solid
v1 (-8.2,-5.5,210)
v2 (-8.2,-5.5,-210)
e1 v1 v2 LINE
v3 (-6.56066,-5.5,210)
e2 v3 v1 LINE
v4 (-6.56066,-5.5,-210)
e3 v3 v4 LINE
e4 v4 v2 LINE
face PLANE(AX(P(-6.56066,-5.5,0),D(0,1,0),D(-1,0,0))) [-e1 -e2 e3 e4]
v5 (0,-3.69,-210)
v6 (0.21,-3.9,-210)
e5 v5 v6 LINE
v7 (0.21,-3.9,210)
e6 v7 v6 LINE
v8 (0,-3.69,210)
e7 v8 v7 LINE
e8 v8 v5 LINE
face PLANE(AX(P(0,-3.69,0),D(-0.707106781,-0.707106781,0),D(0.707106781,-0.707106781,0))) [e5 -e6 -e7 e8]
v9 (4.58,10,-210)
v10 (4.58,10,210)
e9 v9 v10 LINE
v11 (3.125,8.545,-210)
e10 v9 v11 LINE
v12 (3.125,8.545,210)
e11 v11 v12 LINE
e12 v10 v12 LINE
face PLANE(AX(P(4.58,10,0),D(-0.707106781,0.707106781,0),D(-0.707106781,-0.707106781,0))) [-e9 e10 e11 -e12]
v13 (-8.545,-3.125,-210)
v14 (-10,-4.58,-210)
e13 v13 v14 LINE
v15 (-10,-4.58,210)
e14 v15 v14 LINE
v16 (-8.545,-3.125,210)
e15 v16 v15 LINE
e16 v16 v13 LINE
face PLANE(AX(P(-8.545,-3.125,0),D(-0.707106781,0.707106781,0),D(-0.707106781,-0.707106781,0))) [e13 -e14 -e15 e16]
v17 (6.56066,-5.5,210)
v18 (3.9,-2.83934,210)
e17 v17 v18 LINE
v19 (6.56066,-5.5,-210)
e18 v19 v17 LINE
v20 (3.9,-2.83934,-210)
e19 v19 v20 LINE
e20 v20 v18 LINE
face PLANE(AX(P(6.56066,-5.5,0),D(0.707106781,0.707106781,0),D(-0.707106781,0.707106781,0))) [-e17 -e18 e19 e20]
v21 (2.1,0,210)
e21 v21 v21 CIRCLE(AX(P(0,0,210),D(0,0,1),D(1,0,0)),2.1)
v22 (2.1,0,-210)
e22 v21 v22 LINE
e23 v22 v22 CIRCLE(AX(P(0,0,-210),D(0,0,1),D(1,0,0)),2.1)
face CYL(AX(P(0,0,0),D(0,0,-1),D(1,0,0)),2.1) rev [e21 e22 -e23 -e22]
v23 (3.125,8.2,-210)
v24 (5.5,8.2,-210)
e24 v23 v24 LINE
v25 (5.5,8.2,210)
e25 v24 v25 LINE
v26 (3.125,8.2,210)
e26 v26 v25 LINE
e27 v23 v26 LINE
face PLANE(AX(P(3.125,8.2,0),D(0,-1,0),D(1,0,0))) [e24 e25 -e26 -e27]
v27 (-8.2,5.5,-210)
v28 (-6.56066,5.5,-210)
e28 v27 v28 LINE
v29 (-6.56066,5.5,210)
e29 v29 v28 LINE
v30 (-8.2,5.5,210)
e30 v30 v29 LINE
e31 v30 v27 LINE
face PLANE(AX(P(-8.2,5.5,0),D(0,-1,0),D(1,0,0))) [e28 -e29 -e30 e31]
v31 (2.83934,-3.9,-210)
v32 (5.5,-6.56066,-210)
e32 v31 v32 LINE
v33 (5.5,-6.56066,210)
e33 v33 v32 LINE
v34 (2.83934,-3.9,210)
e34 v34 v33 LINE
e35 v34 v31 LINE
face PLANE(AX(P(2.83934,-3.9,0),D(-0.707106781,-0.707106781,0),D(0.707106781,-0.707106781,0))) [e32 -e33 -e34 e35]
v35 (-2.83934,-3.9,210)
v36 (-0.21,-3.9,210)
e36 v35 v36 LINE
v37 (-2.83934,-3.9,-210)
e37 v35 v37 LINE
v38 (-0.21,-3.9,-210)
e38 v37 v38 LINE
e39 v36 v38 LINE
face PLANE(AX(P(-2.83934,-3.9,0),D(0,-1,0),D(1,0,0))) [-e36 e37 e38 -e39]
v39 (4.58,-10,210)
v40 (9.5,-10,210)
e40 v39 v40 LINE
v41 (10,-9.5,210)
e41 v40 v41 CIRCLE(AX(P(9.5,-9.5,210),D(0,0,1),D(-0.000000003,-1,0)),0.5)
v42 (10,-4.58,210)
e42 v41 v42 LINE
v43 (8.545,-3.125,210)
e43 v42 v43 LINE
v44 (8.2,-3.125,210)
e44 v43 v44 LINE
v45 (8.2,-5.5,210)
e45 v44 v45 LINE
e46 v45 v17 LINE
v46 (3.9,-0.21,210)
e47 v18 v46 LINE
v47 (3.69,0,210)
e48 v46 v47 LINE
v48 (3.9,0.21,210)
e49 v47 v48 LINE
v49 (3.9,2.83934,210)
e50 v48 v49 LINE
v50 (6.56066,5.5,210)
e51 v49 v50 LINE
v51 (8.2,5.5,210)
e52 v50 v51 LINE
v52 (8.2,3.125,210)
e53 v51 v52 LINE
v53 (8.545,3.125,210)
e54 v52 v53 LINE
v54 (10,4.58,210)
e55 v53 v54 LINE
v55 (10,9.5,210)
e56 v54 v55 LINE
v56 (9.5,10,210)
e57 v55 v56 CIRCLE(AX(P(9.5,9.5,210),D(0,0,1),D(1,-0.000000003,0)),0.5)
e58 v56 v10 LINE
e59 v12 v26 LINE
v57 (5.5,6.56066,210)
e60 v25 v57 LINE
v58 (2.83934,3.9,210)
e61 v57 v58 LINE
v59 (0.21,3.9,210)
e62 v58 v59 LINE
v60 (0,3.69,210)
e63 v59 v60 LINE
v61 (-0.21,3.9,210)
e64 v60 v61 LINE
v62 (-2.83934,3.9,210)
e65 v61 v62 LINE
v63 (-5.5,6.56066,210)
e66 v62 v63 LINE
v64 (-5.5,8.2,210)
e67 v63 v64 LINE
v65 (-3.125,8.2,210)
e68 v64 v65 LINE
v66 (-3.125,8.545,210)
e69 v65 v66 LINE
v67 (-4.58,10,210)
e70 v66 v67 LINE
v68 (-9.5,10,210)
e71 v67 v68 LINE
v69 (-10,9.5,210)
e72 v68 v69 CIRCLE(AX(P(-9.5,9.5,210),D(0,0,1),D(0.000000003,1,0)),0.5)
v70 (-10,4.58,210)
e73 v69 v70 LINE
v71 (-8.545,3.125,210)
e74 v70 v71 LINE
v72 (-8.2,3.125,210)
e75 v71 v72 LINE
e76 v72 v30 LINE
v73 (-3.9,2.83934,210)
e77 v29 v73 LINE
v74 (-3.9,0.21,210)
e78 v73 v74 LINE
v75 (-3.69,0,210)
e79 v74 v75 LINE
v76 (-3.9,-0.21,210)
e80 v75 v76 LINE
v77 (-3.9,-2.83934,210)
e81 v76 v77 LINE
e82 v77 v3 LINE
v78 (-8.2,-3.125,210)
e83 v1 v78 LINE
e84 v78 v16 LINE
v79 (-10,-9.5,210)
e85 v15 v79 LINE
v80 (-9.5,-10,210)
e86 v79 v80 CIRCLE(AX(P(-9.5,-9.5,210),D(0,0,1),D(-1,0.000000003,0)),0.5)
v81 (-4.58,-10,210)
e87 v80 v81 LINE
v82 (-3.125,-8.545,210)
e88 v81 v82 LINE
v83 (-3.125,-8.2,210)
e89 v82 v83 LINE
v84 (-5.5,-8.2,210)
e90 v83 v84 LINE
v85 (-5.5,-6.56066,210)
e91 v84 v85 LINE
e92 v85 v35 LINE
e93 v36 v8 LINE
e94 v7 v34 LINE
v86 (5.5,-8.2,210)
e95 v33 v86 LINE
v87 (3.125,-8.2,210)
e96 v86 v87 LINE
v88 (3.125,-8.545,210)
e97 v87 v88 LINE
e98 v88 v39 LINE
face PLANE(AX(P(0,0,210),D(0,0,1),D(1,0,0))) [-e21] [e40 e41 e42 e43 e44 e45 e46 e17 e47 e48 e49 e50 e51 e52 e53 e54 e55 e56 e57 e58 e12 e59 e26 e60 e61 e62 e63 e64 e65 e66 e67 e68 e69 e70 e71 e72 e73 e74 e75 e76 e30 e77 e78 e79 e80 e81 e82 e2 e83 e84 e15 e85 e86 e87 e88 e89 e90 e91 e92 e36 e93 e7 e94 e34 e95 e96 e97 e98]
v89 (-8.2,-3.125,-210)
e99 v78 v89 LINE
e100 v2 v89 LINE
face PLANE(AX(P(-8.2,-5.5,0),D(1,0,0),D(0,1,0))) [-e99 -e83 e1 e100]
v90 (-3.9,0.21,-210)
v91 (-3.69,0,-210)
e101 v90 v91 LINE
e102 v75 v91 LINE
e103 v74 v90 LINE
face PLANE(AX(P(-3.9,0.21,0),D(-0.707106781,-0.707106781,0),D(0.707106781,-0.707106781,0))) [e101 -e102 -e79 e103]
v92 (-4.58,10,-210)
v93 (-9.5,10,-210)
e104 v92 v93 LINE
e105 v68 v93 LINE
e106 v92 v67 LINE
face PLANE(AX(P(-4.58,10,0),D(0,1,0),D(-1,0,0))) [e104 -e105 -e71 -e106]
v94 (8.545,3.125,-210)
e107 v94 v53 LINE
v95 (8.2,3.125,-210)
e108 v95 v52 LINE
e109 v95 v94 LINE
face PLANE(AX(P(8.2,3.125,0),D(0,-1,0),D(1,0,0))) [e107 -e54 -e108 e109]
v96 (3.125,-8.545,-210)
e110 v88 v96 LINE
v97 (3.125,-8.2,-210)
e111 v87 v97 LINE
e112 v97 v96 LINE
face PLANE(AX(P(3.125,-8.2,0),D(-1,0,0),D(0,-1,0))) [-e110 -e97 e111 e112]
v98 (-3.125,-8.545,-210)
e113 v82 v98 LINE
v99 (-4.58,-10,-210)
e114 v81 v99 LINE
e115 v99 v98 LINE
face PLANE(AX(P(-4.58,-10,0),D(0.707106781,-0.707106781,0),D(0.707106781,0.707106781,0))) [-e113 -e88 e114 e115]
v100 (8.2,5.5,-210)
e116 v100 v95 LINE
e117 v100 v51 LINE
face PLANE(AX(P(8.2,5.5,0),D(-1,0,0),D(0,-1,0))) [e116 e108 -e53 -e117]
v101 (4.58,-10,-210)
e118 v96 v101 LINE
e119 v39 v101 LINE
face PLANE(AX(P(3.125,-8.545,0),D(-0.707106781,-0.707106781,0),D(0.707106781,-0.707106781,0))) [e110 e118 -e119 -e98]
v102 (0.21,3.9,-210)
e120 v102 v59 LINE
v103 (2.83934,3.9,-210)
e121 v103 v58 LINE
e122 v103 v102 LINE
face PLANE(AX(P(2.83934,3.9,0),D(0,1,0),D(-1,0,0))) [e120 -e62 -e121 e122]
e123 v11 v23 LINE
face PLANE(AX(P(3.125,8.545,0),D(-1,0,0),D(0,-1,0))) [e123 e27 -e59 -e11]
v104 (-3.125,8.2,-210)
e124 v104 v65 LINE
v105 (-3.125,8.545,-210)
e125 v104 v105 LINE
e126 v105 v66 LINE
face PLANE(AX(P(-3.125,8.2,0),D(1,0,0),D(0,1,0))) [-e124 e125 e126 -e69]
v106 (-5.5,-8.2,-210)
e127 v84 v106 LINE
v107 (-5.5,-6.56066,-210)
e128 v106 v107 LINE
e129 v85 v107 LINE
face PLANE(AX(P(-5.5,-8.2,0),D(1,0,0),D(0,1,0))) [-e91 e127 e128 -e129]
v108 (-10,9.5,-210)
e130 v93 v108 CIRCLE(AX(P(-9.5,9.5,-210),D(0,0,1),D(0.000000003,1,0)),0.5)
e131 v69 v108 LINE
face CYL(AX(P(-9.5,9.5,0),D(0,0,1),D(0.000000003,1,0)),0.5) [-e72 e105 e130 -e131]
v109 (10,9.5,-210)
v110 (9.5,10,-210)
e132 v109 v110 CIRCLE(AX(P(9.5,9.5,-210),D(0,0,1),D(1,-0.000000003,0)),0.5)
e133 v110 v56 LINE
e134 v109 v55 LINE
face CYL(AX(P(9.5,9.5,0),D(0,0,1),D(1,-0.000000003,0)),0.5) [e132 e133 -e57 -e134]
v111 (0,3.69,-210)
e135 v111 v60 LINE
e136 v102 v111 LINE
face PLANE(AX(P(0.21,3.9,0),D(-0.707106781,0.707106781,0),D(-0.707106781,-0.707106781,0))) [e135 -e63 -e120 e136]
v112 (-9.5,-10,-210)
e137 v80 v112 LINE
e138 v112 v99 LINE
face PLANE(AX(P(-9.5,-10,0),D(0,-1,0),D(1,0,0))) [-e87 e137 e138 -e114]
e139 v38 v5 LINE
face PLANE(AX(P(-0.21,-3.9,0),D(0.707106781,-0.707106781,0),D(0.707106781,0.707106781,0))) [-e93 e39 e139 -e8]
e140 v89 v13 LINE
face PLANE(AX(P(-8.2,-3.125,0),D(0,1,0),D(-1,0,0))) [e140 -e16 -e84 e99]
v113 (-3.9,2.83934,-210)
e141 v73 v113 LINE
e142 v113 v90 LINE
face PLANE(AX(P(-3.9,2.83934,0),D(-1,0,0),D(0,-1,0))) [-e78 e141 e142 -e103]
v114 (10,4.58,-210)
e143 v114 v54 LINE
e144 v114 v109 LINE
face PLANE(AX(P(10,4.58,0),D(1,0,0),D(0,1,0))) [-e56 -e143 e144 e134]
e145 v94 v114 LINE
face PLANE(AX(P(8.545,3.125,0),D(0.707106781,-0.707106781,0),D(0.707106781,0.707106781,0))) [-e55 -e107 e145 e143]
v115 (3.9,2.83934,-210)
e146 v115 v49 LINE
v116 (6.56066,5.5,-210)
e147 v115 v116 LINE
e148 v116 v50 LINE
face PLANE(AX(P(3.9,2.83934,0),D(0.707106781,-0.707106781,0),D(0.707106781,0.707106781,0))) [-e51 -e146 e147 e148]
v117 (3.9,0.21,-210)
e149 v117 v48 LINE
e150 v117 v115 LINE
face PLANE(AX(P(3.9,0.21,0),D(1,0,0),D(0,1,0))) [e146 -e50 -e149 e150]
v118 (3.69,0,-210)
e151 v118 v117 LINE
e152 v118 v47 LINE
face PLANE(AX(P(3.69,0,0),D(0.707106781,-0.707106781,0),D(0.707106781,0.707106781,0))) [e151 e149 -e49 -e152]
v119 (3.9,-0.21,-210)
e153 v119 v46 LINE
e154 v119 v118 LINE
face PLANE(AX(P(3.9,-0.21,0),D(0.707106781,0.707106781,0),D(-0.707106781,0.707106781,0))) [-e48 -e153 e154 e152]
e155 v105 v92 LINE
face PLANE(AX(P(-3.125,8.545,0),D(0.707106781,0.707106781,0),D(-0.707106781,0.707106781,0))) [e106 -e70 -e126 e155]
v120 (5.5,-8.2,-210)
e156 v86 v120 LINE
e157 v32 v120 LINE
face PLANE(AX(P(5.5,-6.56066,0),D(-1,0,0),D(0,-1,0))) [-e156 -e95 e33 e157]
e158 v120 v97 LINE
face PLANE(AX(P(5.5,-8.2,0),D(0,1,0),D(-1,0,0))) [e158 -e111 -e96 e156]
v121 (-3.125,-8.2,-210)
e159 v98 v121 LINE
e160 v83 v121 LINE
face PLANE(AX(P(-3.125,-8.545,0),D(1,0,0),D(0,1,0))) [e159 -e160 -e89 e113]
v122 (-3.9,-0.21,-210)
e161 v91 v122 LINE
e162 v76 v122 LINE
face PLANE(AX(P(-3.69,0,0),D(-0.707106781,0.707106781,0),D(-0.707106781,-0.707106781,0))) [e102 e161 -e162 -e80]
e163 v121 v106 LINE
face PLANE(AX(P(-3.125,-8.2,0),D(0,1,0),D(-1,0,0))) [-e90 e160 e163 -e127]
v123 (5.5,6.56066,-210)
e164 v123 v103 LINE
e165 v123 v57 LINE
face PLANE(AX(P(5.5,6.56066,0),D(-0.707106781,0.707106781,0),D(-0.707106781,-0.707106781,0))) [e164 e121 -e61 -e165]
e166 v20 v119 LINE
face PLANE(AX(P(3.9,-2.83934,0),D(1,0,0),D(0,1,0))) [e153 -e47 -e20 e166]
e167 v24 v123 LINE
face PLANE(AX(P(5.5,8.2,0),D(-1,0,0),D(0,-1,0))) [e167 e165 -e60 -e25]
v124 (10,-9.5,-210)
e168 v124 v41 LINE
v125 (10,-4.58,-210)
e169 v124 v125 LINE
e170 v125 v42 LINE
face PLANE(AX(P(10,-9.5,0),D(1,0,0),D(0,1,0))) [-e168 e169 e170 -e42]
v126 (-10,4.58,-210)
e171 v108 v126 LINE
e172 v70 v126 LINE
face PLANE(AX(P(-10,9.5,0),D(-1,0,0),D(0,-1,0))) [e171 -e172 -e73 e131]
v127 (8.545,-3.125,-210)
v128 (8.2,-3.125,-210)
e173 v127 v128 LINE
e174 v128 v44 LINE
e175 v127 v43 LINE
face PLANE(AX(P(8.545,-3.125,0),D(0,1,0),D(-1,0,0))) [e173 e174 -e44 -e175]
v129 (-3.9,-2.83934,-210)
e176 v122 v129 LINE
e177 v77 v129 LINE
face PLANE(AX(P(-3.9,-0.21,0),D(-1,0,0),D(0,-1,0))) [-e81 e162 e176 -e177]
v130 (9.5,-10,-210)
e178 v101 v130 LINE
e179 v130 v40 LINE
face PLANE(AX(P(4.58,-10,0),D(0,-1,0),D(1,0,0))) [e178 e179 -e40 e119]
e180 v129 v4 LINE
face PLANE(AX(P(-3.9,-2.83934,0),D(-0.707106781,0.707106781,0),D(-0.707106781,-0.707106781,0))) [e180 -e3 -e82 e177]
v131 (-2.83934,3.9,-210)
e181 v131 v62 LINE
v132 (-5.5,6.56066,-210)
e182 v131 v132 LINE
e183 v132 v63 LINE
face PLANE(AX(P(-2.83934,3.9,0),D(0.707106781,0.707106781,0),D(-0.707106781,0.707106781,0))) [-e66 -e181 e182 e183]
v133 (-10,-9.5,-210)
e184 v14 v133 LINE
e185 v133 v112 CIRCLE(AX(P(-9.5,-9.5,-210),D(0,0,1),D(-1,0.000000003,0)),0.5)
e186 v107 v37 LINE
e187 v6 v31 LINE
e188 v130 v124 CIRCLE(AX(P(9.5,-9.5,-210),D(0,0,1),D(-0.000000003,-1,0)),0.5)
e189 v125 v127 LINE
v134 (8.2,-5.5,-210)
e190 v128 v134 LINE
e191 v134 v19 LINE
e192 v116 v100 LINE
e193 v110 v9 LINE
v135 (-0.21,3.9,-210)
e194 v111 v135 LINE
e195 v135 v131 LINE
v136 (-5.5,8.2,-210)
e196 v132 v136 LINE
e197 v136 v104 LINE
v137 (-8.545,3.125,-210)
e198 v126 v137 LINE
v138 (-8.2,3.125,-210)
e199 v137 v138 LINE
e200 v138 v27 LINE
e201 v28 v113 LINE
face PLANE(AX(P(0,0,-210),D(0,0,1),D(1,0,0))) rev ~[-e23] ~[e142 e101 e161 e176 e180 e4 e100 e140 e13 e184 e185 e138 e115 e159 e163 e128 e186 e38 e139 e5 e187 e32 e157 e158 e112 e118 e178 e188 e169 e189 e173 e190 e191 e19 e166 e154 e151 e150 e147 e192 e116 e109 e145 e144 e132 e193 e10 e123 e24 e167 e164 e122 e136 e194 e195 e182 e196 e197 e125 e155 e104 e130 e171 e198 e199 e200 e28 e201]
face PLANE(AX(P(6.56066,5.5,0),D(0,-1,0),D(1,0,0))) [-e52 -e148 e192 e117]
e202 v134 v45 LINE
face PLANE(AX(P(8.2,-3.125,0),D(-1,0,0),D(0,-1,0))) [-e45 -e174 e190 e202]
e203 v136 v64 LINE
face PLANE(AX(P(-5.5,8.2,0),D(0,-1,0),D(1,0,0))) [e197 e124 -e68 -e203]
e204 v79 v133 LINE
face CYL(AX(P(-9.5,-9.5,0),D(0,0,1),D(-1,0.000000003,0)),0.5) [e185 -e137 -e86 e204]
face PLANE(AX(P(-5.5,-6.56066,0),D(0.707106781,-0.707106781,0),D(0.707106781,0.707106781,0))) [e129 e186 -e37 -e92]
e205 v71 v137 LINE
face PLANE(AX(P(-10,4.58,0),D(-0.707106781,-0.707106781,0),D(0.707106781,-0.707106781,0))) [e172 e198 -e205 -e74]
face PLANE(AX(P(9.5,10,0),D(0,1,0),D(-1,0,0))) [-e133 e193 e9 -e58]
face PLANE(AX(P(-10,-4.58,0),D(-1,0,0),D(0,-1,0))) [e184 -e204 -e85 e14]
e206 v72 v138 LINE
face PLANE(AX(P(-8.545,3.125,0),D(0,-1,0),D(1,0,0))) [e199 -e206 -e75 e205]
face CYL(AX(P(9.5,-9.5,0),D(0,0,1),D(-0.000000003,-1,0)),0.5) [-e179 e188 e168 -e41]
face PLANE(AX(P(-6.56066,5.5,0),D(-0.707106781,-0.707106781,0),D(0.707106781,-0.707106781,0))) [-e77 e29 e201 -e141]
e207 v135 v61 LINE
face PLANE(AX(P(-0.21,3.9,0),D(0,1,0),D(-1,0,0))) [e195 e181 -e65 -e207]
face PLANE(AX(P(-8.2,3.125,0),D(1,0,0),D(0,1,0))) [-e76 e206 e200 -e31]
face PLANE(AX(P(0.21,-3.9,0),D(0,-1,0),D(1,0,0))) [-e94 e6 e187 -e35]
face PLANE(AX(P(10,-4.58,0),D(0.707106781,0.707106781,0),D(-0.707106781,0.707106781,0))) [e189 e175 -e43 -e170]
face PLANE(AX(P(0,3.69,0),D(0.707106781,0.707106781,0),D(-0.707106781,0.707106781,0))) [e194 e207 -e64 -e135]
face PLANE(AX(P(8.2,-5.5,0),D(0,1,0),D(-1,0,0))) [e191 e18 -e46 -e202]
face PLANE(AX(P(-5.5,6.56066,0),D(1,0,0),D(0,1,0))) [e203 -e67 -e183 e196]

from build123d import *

# Parameters (mm, degrees)
SKETCH1_R           = 2.1
BOSS_EXTRUDE1_DEPTH = 210


with BuildPart() as part:
    # Sketch1 → Boss-Extrude1 (new, symmetric)
    with BuildSketch(Plane.XY):
        with BuildLine():
            Line((4.58, -10), (9.5, -10))
            ThreePointArc((9.5, -10), (9.853553391, -9.853553391), (10, -9.5))
            Line((10, -9.5), (10, -4.58))
            Line((10, -4.58), (8.545, -3.125))
            Line((8.545, -3.125), (8.2, -3.125))
            Line((8.2, -3.125), (8.2, -5.5))
            Line((8.2, -5.5), (6.560660172, -5.5))
            Line((6.560660172, -5.5), (3.9, -2.839339828))
            Line((3.9, -2.839339828), (3.9, -0.21))
            Line((3.9, -0.21), (3.69, 0))
            Line((3.69, 0), (3.9, 0.21))
            Line((3.9, 0.21), (3.9, 2.839339828))
            Line((3.9, 2.839339828), (6.560660172, 5.5))
            Line((6.560660172, 5.5), (8.2, 5.5))
            Line((8.2, 5.5), (8.2, 3.125))
            Line((8.2, 3.125), (8.545, 3.125))
            Line((8.545, 3.125), (10, 4.58))
            Line((10, 4.58), (10, 9.5))
            ThreePointArc((10, 9.5), (9.853553391, 9.853553391), (9.5, 10))
            Line((9.5, 10), (4.58, 10))
            Line((4.58, 10), (3.125, 8.545))
            Line((3.125, 8.545), (3.125, 8.2))
            Line((3.125, 8.2), (5.5, 8.2))
            Line((5.5, 8.2), (5.5, 6.560660172))
            Line((5.5, 6.560660172), (2.839339828, 3.9))
            Line((2.839339828, 3.9), (0.21, 3.9))
            Line((0.21, 3.9), (0, 3.69))
            Line((0, 3.69), (-0.21, 3.9))
            Line((-0.21, 3.9), (-2.839339828, 3.9))
            Line((-2.839339828, 3.9), (-5.5, 6.560660172))
            Line((-5.5, 6.560660172), (-5.5, 8.2))
            Line((-5.5, 8.2), (-3.125, 8.2))
            Line((-3.125, 8.2), (-3.125, 8.545))
            Line((-3.125, 8.545), (-4.58, 10))
            Line((-4.58, 10), (-9.5, 10))
            ThreePointArc((-9.5, 10), (-9.853553391, 9.853553391), (-10, 9.5))
            Line((-10, 9.5), (-10, 4.58))
            Line((-10, 4.58), (-8.545, 3.125))
            Line((-8.545, 3.125), (-8.2, 3.125))
            Line((-8.2, 3.125), (-8.2, 5.5))
            Line((-8.2, 5.5), (-6.560660172, 5.5))
            Line((-6.560660172, 5.5), (-3.9, 2.839339828))
            Line((-3.9, 2.839339828), (-3.9, 0.21))
            Line((-3.9, 0.21), (-3.69, 0))
            Line((-3.69, 0), (-3.9, -0.21))
            Line((-3.9, -0.21), (-3.9, -2.839339828))
            Line((-3.9, -2.839339828), (-6.560660172, -5.5))
            Line((-6.560660172, -5.5), (-8.2, -5.5))
            Line((-8.2, -5.5), (-8.2, -3.125))
            Line((-8.2, -3.125), (-8.545, -3.125))
            Line((-8.545, -3.125), (-10, -4.58))
            Line((-10, -4.58), (-10, -9.5))
            ThreePointArc((-10, -9.5), (-9.853553391, -9.853553391), (-9.5, -10))
            Line((-9.5, -10), (-4.58, -10))
            Line((-4.58, -10), (-3.125, -8.545))
            Line((-3.125, -8.545), (-3.125, -8.2))
            Line((-3.125, -8.2), (-5.5, -8.2))
            Line((-5.5, -8.2), (-5.5, -6.560660172))
            Line((-5.5, -6.560660172), (-2.839339828, -3.9))
            Line((-2.839339828, -3.9), (-0.21, -3.9))
            Line((-0.21, -3.9), (0, -3.69))
            Line((0, -3.69), (0.21, -3.9))
            Line((0.21, -3.9), (2.839339828, -3.9))
            Line((2.839339828, -3.9), (5.5, -6.560660172))
            Line((5.5, -6.560660172), (5.5, -8.2))
            Line((5.5, -8.2), (3.125, -8.2))
            Line((3.125, -8.2), (3.125, -8.545))
            Line((3.125, -8.545), (4.58, -10))
        make_face()
        Circle(SKETCH1_R, mode=Mode.SUBTRACT)
    extrude(amount=BOSS_EXTRUDE1_DEPTH, both=True)


solid = part.part
